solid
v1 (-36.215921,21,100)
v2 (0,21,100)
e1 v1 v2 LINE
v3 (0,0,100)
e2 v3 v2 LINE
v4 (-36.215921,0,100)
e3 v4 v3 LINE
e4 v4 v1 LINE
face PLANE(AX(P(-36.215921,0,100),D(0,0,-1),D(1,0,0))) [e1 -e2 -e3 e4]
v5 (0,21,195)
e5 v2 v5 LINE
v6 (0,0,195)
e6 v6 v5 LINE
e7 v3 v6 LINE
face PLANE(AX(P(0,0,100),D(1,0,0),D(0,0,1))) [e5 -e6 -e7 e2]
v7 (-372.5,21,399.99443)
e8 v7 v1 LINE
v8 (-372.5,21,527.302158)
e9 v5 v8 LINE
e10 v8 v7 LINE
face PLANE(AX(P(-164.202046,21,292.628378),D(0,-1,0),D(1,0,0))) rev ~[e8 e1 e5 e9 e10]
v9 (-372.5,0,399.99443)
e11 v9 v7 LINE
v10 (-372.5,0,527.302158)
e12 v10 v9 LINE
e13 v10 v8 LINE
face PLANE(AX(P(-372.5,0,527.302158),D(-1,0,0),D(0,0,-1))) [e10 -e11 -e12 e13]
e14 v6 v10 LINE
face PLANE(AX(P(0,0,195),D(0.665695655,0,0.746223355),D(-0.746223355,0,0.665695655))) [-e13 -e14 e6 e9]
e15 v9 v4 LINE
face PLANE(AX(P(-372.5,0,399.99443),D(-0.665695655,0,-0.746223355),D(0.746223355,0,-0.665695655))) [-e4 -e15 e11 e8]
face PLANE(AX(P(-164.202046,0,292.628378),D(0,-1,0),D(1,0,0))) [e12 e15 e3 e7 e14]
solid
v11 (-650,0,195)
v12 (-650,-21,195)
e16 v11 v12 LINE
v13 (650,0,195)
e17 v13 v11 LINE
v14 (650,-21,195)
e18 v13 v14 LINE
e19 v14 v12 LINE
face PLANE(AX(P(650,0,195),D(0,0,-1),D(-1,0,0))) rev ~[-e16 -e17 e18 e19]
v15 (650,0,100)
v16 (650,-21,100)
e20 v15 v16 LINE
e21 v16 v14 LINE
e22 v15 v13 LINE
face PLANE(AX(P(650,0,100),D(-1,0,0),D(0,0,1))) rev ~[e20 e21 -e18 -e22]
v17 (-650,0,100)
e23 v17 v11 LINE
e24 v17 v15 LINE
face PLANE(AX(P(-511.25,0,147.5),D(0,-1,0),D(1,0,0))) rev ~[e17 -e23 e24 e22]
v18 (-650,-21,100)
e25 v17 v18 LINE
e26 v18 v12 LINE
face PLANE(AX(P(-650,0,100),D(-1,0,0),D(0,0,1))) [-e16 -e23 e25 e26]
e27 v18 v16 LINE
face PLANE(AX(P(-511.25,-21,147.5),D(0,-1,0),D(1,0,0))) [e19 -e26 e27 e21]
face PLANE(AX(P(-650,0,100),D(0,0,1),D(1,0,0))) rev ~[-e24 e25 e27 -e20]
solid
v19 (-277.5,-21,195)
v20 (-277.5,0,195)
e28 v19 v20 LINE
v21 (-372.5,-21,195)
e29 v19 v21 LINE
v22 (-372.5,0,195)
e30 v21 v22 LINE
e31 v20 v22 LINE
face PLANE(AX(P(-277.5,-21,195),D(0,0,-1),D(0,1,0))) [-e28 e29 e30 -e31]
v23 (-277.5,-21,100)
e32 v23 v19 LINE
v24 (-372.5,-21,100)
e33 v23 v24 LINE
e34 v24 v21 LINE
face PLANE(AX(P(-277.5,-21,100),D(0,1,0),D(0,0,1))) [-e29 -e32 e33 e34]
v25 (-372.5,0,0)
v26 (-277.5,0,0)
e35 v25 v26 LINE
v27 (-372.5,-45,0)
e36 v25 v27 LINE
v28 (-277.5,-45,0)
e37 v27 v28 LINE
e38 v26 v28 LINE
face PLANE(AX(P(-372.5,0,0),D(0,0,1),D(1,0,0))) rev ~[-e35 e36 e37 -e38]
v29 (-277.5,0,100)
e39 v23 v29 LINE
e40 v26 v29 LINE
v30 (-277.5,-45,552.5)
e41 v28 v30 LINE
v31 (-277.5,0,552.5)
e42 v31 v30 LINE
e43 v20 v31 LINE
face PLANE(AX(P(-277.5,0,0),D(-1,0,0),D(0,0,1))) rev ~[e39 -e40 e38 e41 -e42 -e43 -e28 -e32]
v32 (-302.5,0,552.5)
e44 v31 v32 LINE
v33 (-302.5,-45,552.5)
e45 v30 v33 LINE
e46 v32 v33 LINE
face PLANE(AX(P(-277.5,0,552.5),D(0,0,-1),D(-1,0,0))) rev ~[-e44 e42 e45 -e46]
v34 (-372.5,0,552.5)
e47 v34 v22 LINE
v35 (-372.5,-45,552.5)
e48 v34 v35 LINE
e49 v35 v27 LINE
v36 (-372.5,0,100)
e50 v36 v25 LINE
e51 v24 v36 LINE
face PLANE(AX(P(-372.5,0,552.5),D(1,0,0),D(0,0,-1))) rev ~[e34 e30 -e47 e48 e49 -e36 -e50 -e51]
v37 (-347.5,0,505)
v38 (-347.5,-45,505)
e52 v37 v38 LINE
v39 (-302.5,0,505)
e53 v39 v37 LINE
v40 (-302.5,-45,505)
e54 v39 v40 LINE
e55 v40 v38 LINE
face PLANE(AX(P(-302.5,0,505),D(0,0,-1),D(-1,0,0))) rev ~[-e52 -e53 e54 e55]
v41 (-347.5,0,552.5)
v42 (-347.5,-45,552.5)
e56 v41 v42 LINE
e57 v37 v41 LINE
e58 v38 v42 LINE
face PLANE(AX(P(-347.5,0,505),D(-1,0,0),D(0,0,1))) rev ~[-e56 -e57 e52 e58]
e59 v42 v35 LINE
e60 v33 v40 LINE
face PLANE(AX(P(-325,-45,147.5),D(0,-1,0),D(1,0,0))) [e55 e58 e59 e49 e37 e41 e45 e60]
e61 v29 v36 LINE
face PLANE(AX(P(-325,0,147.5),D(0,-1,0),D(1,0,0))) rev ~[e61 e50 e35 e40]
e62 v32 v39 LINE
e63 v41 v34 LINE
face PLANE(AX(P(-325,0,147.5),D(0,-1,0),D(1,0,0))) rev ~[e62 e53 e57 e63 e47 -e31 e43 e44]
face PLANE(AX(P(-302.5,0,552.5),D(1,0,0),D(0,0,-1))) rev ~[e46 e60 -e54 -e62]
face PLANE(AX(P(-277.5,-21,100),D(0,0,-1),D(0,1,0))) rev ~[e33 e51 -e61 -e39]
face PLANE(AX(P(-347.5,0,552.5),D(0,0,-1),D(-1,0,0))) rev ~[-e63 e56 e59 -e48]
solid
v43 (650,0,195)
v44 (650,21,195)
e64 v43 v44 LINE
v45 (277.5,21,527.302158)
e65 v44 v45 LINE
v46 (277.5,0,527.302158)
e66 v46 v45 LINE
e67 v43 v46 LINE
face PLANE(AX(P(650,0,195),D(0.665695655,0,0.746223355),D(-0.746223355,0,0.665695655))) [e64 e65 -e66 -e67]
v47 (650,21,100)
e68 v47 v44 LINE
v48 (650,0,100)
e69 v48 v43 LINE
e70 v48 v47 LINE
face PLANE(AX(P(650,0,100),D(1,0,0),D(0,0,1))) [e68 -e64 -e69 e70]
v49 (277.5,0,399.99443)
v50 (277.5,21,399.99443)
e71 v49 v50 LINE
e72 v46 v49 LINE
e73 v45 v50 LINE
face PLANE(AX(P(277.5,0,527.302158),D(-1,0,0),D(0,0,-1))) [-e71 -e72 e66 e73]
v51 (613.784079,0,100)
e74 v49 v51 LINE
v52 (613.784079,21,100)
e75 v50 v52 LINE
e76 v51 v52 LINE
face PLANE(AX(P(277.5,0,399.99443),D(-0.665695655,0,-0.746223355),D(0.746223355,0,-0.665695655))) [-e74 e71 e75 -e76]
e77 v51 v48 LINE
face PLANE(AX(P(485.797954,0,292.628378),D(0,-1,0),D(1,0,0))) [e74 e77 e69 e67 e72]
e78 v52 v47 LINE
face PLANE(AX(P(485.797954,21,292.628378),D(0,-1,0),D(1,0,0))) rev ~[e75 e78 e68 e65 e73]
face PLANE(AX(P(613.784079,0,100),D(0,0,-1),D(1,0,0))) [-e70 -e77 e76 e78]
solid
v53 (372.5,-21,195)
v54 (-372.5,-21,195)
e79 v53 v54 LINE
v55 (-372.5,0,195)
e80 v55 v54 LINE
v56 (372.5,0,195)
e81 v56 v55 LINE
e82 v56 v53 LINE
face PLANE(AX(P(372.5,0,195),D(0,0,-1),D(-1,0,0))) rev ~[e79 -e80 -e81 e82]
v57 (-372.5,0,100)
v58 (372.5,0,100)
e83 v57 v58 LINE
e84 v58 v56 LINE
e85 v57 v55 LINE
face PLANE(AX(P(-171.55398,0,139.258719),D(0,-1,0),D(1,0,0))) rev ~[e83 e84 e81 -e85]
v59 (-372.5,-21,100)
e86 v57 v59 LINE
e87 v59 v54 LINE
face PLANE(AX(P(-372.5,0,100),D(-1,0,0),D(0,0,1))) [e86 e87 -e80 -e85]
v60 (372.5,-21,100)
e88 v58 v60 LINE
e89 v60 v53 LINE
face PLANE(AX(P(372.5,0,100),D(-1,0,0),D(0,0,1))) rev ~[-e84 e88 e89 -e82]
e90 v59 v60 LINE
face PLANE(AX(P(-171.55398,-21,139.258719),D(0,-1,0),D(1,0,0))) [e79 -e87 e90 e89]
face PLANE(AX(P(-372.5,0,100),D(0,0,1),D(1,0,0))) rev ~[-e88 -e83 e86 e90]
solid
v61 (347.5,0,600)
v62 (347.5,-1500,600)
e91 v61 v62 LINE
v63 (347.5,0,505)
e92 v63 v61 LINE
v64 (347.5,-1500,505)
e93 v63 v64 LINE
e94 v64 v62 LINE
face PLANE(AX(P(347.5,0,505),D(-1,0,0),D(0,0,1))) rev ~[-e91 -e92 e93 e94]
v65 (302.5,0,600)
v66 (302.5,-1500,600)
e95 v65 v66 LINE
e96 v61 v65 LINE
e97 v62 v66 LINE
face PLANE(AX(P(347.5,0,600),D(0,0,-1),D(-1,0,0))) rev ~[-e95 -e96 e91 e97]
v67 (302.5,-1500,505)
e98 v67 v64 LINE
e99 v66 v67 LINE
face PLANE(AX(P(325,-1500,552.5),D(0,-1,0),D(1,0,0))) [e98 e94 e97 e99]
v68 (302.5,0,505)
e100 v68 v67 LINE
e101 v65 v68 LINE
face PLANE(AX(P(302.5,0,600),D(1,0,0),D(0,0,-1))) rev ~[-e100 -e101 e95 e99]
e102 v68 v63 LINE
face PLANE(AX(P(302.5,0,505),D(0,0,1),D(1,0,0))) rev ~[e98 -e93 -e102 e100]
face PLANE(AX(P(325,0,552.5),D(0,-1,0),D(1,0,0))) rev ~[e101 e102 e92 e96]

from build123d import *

# Parameters (mm, degrees)
F0_W     = 95
F0_H     = 95
F0_H_2   = 100
F1_DEPTH = 45
F2_W     = 21
F2_H     = 95
F3_DEPTH = 95.001
F0_W_2   = 277.5
F4_DEPTH = 21
F5_DEPTH = 21
F6_DEPTH = 1500
F7_DEPTH = 21
F8_DEPTH = 21


with BuildPart() as f1:
    # F0 (on Front) → F1 (new body)
    with BuildSketch(Plane.XZ):
        with Locations((-325, 147.5)):
            Rectangle(F0_W, F0_H)
        Polygon((-302.5, 552.5), (-302.5, 505), (-347.5, 505), (-277.5, 442.5539568345), (-277.5, 552.5), align=None)
        with Locations((-325, 50)):
            Rectangle(F0_W, F0_H_2)
        Polygon((-277.5, 315.2462286829), (-372.5, 399.9944301218), (-372.5, 195), (-277.5, 195), align=None)
        Polygon((-277.5, 442.5539568345), (-347.5, 505), (-372.5, 527.3021582734), (-372.5, 399.9944301218), (-277.5, 315.2462286829), align=None)
        Polygon((-372.5, 527.3021582734), (-347.5, 505), (-347.5, 552.5), (-372.5, 552.5), align=None)
    extrude(amount=F1_DEPTH)

    # F2 (on face) → F3 (cut, through all)
    with BuildSketch(Plane.YZ.offset(-277.5)):
        with Locations((-10.5, 147.5)):
            Rectangle(F2_W, F2_H)
    extrude(amount=-F3_DEPTH, mode=Mode.SUBTRACT)


with BuildPart() as f4:
    # F0 (on Front) → F4 (new body)
    with BuildSketch(Plane.XZ):
        with Locations((-511.25, 147.5)):
            Rectangle(F0_W_2, F0_H)
        Polygon((-142.707856557, 195), (-277.5, 195), (-277.5, 100), (-36.2159210732, 100), align=None)
        Polygon((650, 195), (507.292143443, 195), (613.7840789268, 100), (650, 100), align=None)
        Polygon((507.292143443, 195), (372.5, 195), (372.5, 100), (613.7840789268, 100), align=None)
        with Locations((-325, 147.5)):
            Rectangle(F0_W, F0_H)
        with Locations((325, 147.5)):
            Rectangle(F0_W, F0_H)
        with Locations((138.75, 147.5)):
            Rectangle(F0_W_2, F0_H)
        Polygon((0, 100), (0, 195), (-142.707856557, 195), (-36.2159210732, 100), align=None)
    extrude(amount=F4_DEPTH)


with BuildPart() as f5:
    # F0 (on Front) → F5 (new body)
    with BuildSketch(Plane.XZ):
        Polygon((372.5, 315.2462286829), (507.292143443, 195), (650, 195), (372.5, 442.5539568345), align=None)
        Polygon((277.5, 527.3021582734), (277.5, 399.9944301218), (372.5, 315.2462286829), (372.5, 442.5539568345), (302.5, 505), align=None)
        Polygon((650, 195), (507.292143443, 195), (613.7840789268, 100), (650, 100), align=None)
    extrude(amount=-F5_DEPTH)


with BuildPart() as f6:
    # F0 (on Front) → F6 (new body)
    with BuildSketch(Plane.XZ):
        Polygon((302.5, 552.5), (302.5, 505), (347.5, 505), (347.5, 552.5), (347.5, 600), (302.5, 600), align=None)
    extrude(amount=F6_DEPTH)


with BuildPart() as f7:
    # F0 (on Front) → F7 (new body)
    with BuildSketch(Plane.XZ):
        Polygon((-142.707856557, 195), (-277.5, 195), (-277.5, 100), (-36.2159210732, 100), align=None)
        with Locations((325, 147.5)):
            Rectangle(F0_W, F0_H)
        with Locations((-325, 147.5)):
            Rectangle(F0_W, F0_H)
        Polygon((0, 100), (0, 195), (-142.707856557, 195), (-36.2159210732, 100), align=None)
        with Locations((138.75, 147.5)):
            Rectangle(F0_W_2, F0_H)
    extrude(amount=F7_DEPTH)


with BuildPart() as f8:
    # F0 (on Front) → F8 (new body)
    with BuildSketch(Plane.XZ):
        Polygon((0, 195), (-277.5, 442.5539568345), (-277.5, 315.2462286829), (-142.707856557, 195), align=None)
        Polygon((-277.5, 442.5539568345), (-347.5, 505), (-372.5, 527.3021582734), (-372.5, 399.9944301218), (-277.5, 315.2462286829), align=None)
        Polygon((0, 100), (0, 195), (-142.707856557, 195), (-36.2159210732, 100), align=None)
    extrude(amount=-F8_DEPTH)


solid = Compound([f1.part, f4.part, f5.part, f6.part, f7.part, f8.part])
